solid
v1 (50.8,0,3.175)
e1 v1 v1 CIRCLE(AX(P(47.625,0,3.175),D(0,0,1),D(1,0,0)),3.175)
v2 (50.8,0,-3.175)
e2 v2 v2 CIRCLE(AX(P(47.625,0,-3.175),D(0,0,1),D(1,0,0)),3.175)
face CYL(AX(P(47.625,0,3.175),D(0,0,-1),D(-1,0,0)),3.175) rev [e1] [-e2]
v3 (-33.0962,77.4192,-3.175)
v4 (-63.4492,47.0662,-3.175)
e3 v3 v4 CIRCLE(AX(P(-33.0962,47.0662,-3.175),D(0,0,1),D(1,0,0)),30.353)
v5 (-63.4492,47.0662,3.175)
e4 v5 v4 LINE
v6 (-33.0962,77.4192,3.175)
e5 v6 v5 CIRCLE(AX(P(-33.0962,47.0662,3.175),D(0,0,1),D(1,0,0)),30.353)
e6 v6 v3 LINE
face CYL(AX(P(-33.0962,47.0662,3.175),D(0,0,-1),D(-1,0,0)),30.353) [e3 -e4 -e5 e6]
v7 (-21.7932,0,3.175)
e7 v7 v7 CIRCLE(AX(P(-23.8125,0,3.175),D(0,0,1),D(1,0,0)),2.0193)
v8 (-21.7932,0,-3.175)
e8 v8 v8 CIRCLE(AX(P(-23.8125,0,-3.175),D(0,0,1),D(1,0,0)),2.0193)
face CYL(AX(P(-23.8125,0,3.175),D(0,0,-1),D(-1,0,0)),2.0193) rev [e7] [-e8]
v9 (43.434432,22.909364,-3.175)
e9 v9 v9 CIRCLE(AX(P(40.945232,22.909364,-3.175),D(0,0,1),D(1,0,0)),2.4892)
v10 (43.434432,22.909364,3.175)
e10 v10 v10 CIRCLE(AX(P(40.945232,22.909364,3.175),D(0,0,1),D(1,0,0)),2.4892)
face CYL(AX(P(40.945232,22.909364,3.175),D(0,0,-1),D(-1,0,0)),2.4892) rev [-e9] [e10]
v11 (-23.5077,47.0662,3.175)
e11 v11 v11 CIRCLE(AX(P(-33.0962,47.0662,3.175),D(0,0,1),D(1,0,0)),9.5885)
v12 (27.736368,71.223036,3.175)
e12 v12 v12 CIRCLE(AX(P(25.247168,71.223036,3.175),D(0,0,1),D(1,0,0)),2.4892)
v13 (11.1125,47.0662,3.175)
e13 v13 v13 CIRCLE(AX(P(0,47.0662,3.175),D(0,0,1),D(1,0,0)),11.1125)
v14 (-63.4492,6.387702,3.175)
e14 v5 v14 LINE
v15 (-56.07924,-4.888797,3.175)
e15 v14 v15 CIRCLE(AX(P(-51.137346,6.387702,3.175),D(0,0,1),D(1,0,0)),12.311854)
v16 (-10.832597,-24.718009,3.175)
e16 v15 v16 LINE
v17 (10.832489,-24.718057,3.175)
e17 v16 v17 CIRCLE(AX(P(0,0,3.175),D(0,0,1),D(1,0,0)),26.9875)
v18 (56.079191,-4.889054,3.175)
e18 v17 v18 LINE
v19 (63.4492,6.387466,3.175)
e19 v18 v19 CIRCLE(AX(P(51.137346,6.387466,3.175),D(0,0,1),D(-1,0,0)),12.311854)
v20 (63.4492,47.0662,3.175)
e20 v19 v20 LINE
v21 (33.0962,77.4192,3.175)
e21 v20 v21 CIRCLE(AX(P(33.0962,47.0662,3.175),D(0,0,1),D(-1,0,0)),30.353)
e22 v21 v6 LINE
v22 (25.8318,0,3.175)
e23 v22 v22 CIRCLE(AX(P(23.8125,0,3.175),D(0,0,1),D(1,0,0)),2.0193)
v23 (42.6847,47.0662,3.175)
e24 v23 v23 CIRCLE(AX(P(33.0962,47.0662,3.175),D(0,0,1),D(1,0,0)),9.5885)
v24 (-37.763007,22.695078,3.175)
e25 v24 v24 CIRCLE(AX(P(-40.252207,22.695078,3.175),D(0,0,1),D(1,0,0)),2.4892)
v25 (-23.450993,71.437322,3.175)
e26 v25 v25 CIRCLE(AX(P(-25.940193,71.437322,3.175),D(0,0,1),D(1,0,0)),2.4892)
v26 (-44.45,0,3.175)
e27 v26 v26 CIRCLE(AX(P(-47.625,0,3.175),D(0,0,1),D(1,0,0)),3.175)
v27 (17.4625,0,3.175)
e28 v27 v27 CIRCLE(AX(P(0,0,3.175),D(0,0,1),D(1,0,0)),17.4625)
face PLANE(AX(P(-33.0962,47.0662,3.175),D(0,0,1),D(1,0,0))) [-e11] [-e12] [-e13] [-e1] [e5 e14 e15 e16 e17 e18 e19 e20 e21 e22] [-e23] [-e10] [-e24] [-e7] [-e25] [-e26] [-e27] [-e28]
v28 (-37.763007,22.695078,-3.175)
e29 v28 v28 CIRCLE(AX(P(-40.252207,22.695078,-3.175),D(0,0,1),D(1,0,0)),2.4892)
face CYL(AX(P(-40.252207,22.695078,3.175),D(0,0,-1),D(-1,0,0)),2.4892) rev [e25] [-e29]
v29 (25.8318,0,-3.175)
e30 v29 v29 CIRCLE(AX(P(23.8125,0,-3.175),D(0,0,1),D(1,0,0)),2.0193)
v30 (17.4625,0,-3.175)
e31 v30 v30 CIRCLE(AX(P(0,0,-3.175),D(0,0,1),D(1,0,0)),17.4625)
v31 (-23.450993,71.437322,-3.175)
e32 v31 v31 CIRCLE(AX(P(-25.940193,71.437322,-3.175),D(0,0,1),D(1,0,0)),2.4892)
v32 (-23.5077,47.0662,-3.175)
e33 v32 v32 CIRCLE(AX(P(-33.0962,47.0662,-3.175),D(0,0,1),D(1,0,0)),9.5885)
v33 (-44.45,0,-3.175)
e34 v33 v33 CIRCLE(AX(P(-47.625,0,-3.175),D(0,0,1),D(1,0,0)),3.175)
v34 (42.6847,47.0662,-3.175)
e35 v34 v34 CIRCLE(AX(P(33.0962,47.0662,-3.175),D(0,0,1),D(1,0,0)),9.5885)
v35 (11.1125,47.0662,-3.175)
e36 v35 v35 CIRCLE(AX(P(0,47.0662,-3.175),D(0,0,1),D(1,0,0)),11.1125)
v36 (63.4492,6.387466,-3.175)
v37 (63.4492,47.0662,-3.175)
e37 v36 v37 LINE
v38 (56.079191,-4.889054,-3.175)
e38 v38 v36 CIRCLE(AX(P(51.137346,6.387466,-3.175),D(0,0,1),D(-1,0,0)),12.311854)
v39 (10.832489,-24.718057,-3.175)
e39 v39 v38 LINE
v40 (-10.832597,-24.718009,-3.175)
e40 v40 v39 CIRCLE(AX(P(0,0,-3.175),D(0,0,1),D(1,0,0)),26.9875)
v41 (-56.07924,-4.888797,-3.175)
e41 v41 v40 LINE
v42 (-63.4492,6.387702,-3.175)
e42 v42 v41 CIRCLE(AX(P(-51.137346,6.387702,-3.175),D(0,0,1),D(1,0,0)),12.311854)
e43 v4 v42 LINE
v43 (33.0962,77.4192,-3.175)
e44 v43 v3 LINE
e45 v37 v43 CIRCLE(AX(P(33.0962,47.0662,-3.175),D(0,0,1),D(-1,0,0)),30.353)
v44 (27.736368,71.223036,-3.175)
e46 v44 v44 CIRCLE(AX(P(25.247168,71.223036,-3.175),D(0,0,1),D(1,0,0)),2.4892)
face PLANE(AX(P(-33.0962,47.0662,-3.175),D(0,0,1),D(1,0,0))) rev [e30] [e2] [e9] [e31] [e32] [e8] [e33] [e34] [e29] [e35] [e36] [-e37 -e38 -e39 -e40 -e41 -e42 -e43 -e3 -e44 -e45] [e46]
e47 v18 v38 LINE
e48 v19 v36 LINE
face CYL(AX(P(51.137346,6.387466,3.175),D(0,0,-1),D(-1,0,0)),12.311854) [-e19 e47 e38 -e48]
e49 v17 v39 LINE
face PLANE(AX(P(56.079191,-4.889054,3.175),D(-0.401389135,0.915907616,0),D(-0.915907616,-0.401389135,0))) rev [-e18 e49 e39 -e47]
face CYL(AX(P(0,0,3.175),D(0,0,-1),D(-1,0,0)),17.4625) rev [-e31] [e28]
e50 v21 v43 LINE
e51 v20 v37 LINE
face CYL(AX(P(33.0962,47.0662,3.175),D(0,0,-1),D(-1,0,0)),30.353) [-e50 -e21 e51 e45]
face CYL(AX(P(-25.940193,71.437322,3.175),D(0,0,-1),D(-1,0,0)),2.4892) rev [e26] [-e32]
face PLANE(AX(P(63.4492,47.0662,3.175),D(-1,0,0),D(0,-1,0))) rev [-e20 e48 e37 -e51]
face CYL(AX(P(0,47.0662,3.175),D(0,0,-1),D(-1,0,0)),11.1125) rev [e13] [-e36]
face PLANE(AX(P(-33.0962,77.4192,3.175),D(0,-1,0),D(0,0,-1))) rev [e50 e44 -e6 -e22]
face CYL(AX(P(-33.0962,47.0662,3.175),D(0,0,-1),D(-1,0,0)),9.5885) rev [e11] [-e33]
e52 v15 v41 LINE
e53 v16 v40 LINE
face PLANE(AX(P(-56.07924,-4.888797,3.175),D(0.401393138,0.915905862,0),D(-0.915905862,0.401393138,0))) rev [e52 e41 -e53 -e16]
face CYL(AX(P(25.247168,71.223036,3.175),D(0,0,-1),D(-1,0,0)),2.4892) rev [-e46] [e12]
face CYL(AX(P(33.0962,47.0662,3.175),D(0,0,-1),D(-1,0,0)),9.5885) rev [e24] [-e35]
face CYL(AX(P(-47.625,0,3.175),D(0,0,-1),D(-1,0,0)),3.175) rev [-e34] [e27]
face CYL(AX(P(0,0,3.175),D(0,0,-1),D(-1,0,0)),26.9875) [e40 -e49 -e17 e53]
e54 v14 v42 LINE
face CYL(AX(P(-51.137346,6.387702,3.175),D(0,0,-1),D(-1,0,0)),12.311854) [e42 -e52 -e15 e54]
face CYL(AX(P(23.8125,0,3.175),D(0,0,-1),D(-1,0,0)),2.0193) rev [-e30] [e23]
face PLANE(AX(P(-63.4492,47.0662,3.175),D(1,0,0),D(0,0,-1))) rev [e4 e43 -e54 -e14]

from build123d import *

# Parameters (mm, degrees)
SKETCH1_R           = 17.4625
SKETCH1_R_2         = 3.175
SKETCH1_R_3         = 2.0193
SKETCH1_R_4         = 11.1125
SKETCH1_R_5         = 9.5885
SKETCH1_R_6         = 2.4892
BOSS_EXTRUDE1_DEPTH = 3.175


with BuildPart() as part:
    # Sketch1 → Boss-Extrude1 (new, symmetric)
    with BuildSketch(Plane.XY):
        with BuildLine():
            Line((-63.4492, 47.0662), (-63.4492, 6.387701907))
            ThreePointArc((-63.4492, 6.387701907), (-61.443306044, -0.347944705), (-56.079239896, -4.888797072))
            Line((-56.079239896, -4.888797072), (-10.832597323, -24.718009456))
            ThreePointArc((-10.832597323, -24.718009456), (-5.8974e-05, -26.9875), (10.832489293, -24.7180568))
            Line((10.832489293, -24.7180568), (56.079190612, -4.8890544))
            ThreePointArc((56.079190612, -4.8890544), (61.443291325, -0.348202956), (63.4492, 6.387466177))
            Line((63.4492, 6.387466177), (63.4492, 47.0662))
            ThreePointArc((63.4492, 47.0662), (54.559012129, 68.529012129), (33.0962, 77.4192))
            Line((33.0962, 77.4192), (-33.0962, 77.4192))
            ThreePointArc((-33.0962, 77.4192), (-54.559012129, 68.529012129), (-63.4492, 47.0662))
        make_face()
        Circle(SKETCH1_R, mode=Mode.SUBTRACT)
        with Locations((47.625, 0)):
            Circle(SKETCH1_R_2, mode=Mode.SUBTRACT)
        with Locations((-23.8125, 0)):
            Circle(SKETCH1_R_3, mode=Mode.SUBTRACT)
        with Locations((-47.625, 0)):
            Circle(SKETCH1_R_2, mode=Mode.SUBTRACT)
        with Locations((23.8125, 0)):
            Circle(SKETCH1_R_3, mode=Mode.SUBTRACT)
        with Locations((0, 47.0662)):
            Circle(SKETCH1_R_4, mode=Mode.SUBTRACT)
        with Locations((33.0962, 47.0662)):
            Circle(SKETCH1_R_5, mode=Mode.SUBTRACT)
        with Locations((-33.0962, 47.0662)):
            Circle(SKETCH1_R_5, mode=Mode.SUBTRACT)
        with Locations((-25.940193056, 71.43732153)):
            Circle(SKETCH1_R_6, mode=Mode.SUBTRACT)
        with Locations((-40.252206944, 22.69507847)):
            Circle(SKETCH1_R_6, mode=Mode.SUBTRACT)
        with Locations((40.945231657, 22.909364486)):
            Circle(SKETCH1_R_6, mode=Mode.SUBTRACT)
        with Locations((25.247168343, 71.223035514)):
            Circle(SKETCH1_R_6, mode=Mode.SUBTRACT)
    extrude(amount=BOSS_EXTRUDE1_DEPTH, both=True)


solid = part.part
